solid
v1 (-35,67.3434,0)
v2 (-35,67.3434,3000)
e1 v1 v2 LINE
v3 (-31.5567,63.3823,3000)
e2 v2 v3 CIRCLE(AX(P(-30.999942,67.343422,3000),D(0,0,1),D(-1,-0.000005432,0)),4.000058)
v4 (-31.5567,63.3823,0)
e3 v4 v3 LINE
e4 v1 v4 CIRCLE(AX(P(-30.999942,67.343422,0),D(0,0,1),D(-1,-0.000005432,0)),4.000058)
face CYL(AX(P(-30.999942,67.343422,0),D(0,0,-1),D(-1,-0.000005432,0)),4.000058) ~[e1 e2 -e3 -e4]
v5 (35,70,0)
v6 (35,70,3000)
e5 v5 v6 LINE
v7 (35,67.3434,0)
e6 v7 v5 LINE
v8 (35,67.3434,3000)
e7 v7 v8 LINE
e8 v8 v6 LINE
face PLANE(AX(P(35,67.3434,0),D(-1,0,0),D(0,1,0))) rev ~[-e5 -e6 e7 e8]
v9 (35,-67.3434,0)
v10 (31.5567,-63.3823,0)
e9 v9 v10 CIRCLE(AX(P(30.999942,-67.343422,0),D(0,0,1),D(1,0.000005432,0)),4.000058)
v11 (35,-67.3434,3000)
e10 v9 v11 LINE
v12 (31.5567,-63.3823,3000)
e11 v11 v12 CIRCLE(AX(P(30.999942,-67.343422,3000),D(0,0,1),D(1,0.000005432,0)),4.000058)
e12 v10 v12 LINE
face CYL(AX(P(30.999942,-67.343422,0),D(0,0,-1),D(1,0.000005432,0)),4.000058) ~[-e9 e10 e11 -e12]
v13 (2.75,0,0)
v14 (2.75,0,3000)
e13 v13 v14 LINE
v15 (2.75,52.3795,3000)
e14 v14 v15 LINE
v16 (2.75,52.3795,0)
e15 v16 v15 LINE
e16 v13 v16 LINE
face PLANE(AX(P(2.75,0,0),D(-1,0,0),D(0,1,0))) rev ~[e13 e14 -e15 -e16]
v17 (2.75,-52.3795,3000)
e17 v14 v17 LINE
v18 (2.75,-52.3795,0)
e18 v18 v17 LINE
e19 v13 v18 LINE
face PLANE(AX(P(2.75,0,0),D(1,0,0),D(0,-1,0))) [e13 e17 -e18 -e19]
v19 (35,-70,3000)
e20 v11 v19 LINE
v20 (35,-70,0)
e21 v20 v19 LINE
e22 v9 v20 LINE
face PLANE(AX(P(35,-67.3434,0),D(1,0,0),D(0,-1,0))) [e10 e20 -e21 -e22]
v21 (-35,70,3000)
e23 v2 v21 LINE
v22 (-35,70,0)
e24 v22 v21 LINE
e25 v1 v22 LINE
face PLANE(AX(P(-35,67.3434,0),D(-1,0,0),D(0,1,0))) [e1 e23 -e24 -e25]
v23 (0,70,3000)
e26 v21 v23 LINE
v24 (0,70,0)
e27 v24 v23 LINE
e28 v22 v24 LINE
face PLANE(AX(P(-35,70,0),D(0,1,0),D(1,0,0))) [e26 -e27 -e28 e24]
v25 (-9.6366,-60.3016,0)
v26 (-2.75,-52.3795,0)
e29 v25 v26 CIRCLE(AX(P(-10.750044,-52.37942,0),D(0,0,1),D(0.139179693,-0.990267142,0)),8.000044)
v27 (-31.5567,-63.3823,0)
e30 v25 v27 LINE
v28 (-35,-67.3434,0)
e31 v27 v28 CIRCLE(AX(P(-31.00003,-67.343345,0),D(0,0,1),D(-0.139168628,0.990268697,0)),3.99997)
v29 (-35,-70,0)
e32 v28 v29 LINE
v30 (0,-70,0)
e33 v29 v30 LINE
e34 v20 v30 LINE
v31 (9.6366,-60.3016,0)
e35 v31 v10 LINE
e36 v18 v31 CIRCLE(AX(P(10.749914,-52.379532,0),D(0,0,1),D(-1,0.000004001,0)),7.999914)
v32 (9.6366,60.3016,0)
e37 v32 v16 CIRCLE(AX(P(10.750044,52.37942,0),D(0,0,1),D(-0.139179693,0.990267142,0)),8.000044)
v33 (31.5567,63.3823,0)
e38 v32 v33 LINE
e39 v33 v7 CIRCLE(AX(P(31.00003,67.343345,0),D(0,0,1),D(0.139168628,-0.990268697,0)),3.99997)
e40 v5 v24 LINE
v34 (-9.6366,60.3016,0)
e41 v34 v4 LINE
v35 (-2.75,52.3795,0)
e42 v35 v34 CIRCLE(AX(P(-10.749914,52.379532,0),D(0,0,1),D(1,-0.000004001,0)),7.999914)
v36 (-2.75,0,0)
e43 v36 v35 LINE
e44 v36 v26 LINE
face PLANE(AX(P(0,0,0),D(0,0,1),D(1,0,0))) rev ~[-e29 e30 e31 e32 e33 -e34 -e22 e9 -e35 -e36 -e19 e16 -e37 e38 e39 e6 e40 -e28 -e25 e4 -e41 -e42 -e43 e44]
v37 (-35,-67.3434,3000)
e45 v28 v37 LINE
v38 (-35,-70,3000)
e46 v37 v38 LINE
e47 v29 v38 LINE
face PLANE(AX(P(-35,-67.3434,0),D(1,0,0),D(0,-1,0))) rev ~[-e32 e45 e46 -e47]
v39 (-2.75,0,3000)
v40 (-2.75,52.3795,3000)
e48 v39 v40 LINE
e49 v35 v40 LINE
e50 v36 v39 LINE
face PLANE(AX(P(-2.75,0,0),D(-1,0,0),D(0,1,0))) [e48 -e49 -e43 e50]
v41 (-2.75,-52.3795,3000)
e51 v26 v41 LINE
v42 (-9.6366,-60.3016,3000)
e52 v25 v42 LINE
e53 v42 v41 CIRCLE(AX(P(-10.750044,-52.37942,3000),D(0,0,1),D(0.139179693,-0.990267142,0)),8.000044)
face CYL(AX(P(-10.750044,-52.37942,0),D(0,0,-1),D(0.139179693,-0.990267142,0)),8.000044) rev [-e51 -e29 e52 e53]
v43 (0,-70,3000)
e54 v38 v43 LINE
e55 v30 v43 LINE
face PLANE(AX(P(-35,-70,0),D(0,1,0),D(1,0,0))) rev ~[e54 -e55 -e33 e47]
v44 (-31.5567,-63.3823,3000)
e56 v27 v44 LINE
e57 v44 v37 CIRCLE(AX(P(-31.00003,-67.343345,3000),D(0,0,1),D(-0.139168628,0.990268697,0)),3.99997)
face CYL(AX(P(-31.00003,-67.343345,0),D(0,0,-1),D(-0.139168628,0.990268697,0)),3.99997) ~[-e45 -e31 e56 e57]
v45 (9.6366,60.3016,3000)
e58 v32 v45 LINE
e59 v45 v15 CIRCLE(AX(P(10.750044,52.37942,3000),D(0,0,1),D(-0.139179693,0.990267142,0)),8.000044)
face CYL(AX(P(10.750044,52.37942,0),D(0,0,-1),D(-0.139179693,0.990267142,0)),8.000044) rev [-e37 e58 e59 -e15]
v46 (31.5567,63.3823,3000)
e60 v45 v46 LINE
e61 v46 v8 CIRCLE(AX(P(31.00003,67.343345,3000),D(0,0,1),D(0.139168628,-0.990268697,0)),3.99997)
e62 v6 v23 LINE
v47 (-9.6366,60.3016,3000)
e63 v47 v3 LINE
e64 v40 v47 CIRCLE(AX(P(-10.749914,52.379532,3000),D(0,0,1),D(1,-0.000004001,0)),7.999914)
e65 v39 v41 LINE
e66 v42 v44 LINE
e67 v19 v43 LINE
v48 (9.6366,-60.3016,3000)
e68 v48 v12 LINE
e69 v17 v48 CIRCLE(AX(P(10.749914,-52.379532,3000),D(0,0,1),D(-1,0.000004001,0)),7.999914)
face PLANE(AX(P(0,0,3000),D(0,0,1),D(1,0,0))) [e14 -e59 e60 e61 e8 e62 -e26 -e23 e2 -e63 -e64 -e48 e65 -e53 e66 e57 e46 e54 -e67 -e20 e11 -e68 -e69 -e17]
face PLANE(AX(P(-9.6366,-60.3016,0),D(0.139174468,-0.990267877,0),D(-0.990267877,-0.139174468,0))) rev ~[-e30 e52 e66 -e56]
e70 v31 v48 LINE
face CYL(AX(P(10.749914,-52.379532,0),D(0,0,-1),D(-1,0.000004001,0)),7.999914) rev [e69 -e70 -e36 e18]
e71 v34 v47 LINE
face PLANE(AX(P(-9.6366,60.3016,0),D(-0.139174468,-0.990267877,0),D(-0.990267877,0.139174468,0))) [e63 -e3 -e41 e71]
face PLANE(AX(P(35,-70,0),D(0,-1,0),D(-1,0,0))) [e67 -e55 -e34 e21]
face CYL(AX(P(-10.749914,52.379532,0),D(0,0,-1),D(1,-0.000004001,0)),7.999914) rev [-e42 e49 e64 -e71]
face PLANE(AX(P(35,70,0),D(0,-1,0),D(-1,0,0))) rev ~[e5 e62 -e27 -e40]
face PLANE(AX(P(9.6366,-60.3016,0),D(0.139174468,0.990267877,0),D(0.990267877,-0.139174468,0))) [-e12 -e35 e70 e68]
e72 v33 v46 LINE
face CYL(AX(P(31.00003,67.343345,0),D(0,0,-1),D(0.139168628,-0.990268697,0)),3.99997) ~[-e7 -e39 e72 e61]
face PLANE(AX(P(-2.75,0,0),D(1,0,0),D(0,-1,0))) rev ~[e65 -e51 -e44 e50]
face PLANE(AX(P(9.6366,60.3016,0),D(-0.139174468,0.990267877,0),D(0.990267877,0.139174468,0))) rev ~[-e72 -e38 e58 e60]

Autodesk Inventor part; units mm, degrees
ref_plane "YZ Plane" through (0, 0, 0) normal (1, 0, 0) x (0, 1, 0)
ref_plane "Start plane" through (0, 0, 0) normal (0, 0, 1) x (1, 0, 0)
ref_plane "End plane" through (0, 0, 3000) normal (0, 0, 1) x (1, 0, 0)
sketch "Sketch" plane through (0, 0, 0) normal (0, 0, 1) x (1, 0, 0)
  line L0 (-2.75, 0) -> (-2.75, -52.3795)
  line L1 (-9.6366, -60.3016) -> (-31.5567, -63.3823)
  line L2 (-35, -67.3434) -> (-35, -70)
  line L3 (-35, -70) -> (0, -70)
  line L4 (-18.875, -70) -> (-18.875, -61.6) construction
  line L5 (-25.7112, 0) -> (34.2816, 0) construction
  line L6 (0, 40) -> (0, -70) construction
  line L7 (0, -48) -> (0, 64) construction
  line L8 (2.75, 0) -> (2.75, -52.3795)
  line L9 (9.6366, -60.3016) -> (31.5567, -63.3823)
  line L10 (35, -67.3434) -> (35, -70)
  line L11 (35, -70) -> (0, -70)
  line L12 (-2.75, 0) -> (2.75, 0) construction
  line L13 (-2.75, 0) -> (-2.75, 52.3795)
  line L14 (-9.6366, 60.3016) -> (-31.5567, 63.3823)
  line L15 (-35, 67.3434) -> (-35, 70)
  line L16 (-35, 70) -> (0, 70)
  line L17 (2.75, 0) -> (2.75, 52.3795)
  line L18 (9.6366, 60.3016) -> (31.5567, 63.3823)
  line L19 (35, 67.3434) -> (35, 70)
  line L20 (35, 70) -> (0, 70)
  arc A0 (-35, 67.3434) -> (-31.5567, 63.3823) centre (-31, 67.3434) ccw
  arc A1 (31.5567, 63.3823) -> (35, 67.3434) centre (31, 67.3434) ccw
  arc A2 (35, -67.3434) -> (31.5567, -63.3823) centre (31, -67.3434) ccw
  arc A3 (-31.5567, -63.3823) -> (-35, -67.3434) centre (-31, -67.3434) ccw
  arc A4 (-2.75, 52.3795) -> (-9.6366, 60.3016) centre (-10.75, 52.3795) ccw
  arc A5 (9.6366, 60.3016) -> (2.75, 52.3795) centre (10.75, 52.3795) ccw
  arc A6 (2.75, -52.3795) -> (9.6366, -60.3016) centre (10.75, -52.3795) ccw
  arc A7 (-9.6366, -60.3016) -> (-2.75, -52.3795) centre (-10.75, -52.3795) ccw
  line L21 (0, 86.4) -> (0, -70.4) construction
  line L22 (-37.7097, 0) -> (46.2801, 0) construction
  point P0 (-2.75, -59.3338)
  point P1 (-35, -63.8662)
  point P2 (2.75, -59.3338)
  point P3 (35, -63.8662)
  point P4 (18.875, -70)
  point P5 (18.875, -61.6)
  point P6 (-2.75, 59.3338)
  point P7 (-35, 63.8662)
  point P8 (-18.875, 70)
  point P9 (-18.875, 61.6)
  point P10 (2.75, 59.3338)
  point P11 (35, 63.8662)
  point P12 (18.875, 61.6)
  point P13 (18.875, 70)
  dimension "d1" = 2.2662
  dimension "d2" = 8.4
  dimension "d3" = 16.125
  dimension "d4" = 2.75
  dimension "d5" = 35
  dimension "d10" = 70
  dimension "d14" = 4
  dimension "d15" = 8
extrude "Body" add sketch "Sketch" along normal up to surface (3000 mm away) from surface at 0
sketch "Sketch3" plane through (0, 0, 0) normal (0, 0, 1) x (1, 0, 0)
  line L0 (0, 0) -> (10, 0)
ref_plane "Work Plane3" through (0, 0, 0) normal (0, -1, 0) x (1, 0, 0)
sketch "Sketch4" plane through (0, 0, 0) normal (0, -1, 0) x (1, 0, 0)
  line L0 (-2, 0) -> (12, 0) projected
  line L1 (-2, 3000) -> (12, 3000) projected
  dimension "d19" = 3000
equation "\"d2\" = G_T1"
equation "\"d3\" = G_C"
equation "\"d4\" = 0.5 * G_T"
equation "\"d5\" = 0.5 * G_W"
equation "\"d10\" = 0.5 * G_H"
equation "\"d14\" = G_ER"
equation "\"d15\" = G_IR"
equation "\"d6\" = G_L"
equation "\"G_T\" = 5.5"
equation "\"G_T1\" = 8.4"
equation "\"G_C\" = 16.125"
equation "\"G_NG\" = 0.140541"
equation "\"G_L\" = d19"
equation "\"G_ER\" = 0.5 * G_IR"
equation "\"G_IR\" = 8"
equation "\"G_OFFSET_START\" = 0"
equation "\"G_OFFSET_END\" = 0"
equation "\"G_W\" = 70"
equation "\"G_H\" = 140"
properties part number "ISO 657/15 - SB 140x15 - 3000" material "Steel, Mild"
